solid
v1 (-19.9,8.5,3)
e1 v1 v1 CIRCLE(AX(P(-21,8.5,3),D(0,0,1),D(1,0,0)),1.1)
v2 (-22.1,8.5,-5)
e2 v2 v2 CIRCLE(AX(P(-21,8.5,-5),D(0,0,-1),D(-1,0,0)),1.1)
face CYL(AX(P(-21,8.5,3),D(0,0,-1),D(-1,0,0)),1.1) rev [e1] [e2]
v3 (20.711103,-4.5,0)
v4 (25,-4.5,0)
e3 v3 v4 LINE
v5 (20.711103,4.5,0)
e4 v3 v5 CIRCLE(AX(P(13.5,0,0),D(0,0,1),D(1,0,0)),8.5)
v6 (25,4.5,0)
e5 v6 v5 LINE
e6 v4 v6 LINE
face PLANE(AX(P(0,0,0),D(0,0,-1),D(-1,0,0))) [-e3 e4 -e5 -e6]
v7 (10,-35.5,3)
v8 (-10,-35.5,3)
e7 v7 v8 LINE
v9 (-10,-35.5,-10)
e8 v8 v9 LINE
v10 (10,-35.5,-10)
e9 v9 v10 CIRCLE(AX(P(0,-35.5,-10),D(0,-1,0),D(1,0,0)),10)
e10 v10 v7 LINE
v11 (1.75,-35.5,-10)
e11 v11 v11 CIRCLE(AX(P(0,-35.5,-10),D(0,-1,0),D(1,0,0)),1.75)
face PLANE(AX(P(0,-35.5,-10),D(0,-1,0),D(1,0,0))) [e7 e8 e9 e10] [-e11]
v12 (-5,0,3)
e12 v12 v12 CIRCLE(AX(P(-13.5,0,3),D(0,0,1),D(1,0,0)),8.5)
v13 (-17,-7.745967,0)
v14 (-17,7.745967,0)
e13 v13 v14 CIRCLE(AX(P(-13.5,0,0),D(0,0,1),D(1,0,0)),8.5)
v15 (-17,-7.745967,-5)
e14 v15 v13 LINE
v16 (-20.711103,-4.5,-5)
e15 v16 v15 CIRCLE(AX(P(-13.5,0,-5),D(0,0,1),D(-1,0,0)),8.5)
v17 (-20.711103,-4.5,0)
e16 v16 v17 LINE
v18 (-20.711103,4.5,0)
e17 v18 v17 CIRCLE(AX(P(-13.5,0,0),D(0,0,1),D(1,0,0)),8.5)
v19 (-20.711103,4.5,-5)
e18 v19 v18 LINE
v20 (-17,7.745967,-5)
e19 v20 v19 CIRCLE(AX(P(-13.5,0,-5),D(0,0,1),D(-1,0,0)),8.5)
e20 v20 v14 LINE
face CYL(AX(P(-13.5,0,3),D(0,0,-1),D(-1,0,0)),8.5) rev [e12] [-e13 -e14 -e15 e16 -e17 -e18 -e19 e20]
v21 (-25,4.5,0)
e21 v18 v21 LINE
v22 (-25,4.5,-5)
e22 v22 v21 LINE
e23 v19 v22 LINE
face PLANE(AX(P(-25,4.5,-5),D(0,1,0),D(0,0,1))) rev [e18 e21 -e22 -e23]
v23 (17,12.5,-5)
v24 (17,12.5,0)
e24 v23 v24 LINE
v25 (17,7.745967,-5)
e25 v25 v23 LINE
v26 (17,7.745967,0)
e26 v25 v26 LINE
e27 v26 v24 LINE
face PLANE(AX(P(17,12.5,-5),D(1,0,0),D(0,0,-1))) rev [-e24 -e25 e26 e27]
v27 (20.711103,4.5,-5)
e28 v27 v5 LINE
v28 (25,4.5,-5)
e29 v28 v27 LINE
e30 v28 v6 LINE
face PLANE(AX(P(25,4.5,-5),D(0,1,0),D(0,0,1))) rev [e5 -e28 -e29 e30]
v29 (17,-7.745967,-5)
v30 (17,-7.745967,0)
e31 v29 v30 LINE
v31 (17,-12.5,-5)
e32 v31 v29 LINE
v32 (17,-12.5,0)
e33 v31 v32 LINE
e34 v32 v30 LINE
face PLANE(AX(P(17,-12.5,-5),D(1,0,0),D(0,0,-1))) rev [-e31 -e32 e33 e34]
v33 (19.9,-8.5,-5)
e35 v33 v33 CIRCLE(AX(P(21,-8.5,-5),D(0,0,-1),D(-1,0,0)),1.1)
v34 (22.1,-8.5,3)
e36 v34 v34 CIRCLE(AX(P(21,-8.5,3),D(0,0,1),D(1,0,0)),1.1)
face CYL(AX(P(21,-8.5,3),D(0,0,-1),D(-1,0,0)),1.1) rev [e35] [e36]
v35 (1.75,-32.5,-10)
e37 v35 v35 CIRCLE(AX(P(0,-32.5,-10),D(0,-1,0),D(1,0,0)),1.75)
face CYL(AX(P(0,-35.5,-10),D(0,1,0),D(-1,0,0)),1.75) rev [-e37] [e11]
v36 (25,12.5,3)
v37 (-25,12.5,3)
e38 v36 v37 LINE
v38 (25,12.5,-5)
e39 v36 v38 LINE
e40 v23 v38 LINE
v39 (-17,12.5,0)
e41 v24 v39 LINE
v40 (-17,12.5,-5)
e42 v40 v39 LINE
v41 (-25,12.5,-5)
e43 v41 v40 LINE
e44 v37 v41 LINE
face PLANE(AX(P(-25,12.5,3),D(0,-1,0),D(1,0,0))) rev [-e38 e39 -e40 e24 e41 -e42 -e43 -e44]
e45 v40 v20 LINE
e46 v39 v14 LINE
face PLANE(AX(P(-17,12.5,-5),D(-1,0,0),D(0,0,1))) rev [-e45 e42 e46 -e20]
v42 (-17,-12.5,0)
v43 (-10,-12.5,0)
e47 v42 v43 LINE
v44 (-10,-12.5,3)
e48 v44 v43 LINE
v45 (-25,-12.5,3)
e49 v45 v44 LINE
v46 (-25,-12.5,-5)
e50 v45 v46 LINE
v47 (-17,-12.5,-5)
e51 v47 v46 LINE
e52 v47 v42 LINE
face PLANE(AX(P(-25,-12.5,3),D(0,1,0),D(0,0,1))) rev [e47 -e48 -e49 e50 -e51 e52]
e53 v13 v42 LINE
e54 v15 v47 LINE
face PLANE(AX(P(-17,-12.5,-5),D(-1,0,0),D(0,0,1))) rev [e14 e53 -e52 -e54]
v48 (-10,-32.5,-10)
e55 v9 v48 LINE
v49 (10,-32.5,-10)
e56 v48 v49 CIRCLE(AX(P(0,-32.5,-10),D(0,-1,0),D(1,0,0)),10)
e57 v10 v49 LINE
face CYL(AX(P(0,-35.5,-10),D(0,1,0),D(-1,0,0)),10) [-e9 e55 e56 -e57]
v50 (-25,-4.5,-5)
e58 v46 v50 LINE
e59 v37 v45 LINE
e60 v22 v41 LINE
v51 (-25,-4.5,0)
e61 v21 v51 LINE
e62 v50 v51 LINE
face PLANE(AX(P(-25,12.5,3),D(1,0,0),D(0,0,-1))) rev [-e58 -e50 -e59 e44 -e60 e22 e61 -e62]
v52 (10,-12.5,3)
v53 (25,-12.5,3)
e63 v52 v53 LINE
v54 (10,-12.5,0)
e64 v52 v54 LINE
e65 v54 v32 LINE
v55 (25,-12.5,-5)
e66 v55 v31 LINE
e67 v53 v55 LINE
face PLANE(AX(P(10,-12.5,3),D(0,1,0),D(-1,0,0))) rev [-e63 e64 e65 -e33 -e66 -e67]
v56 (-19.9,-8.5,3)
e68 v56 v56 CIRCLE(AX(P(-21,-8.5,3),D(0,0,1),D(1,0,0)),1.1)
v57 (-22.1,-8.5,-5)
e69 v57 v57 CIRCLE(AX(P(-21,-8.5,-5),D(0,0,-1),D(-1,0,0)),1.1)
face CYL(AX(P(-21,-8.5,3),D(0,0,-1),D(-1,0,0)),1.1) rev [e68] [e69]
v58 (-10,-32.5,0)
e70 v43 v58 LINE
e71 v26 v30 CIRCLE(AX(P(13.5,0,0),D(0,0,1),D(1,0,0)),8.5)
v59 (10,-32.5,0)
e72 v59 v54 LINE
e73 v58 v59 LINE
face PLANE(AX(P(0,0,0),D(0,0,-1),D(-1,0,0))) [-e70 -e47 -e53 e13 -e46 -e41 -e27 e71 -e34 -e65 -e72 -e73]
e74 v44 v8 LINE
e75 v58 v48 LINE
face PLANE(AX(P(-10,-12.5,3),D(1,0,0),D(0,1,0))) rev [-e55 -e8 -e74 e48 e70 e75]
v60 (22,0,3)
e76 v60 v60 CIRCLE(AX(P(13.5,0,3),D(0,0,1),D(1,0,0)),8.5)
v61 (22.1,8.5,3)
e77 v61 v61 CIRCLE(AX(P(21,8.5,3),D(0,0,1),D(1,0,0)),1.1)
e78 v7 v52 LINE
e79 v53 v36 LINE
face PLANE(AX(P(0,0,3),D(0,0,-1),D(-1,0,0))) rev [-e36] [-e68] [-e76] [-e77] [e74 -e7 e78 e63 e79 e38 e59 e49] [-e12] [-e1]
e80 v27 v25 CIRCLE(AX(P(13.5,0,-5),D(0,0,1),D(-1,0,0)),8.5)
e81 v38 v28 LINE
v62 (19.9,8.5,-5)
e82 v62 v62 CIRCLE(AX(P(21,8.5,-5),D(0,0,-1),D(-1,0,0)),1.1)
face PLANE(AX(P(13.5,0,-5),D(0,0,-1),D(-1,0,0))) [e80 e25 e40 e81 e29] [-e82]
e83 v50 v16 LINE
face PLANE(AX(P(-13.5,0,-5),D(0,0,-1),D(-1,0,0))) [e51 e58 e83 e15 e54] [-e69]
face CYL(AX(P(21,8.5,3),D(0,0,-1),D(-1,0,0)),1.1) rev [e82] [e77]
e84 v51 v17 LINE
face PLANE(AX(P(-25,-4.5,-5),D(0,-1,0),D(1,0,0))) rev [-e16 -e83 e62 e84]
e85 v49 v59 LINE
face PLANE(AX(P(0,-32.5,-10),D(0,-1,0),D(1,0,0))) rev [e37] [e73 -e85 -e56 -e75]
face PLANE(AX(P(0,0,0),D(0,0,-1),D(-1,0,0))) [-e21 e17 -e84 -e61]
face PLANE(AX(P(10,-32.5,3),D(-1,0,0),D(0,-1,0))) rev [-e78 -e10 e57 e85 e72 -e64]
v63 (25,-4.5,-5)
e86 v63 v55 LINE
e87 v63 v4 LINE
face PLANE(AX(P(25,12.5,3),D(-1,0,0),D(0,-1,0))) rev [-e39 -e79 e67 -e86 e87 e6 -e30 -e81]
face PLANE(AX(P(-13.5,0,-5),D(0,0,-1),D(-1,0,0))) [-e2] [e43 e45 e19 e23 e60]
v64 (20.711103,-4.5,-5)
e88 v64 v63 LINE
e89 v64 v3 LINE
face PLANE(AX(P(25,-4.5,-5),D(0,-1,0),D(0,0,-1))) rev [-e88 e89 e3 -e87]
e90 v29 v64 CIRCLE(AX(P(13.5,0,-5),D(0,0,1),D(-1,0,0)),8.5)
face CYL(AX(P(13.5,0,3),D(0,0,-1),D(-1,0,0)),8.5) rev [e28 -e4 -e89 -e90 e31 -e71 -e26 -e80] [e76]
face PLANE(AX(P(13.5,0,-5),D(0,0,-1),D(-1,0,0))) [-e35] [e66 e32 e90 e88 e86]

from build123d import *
from build123d.topology import SkipClean

# Parameters (mm, degrees)
SKETCH_1_R      = 8.5
SKETCH_1_R_2    = 1.1
EXTRUDE_1_DEPTH = 3
SKETCH_2_R      = 1.75
EXTRUDE_2_DEPTH = 3
EXTRUDE_START   = 5
SKETCH_5_R      = 1.1
EXTRUDE_3_DEPTH = 5


with BuildPart() as part:
    # 草图1 → 凸台-拉伸1 (new body)
    with BuildSketch(Plane.XY):
        Polygon((-25, 12.5), (25, 12.5), (25, -12.5), (10, -12.5), (10, -32.5), (-10, -32.5), (-10, -12.5), (-25, -12.5), align=None)
        with Locations((-13.5, 0)):
            Circle(SKETCH_1_R, mode=Mode.SUBTRACT)
        with Locations((13.5, 0)):
            Circle(SKETCH_1_R, mode=Mode.SUBTRACT)
        with Locations((-21, 8.5)):
            Circle(SKETCH_1_R_2, mode=Mode.SUBTRACT)
        with Locations((21, 8.5)):
            Circle(SKETCH_1_R_2, mode=Mode.SUBTRACT)
        with Locations((21, -8.5)):
            Circle(SKETCH_1_R_2, mode=Mode.SUBTRACT)
        with Locations((-21, -8.5)):
            Circle(SKETCH_1_R_2, mode=Mode.SUBTRACT)
    extrude(amount=EXTRUDE_1_DEPTH)

    # 草图2 → 凸台-拉伸2 (add)
    with BuildSketch(Plane.XZ.offset(32.5)):
        with BuildLine():
            Line((-10, 3), (-10, -10))
            ThreePointArc((-10, -10), (0, -20), (10, -10))
            Line((10, -10), (10, 3))
            Line((10, 3), (-10, 3))
        make_face()
        with Locations((0, -10)):
            Circle(SKETCH_2_R, mode=Mode.SUBTRACT)
    extrude(amount=EXTRUDE_2_DEPTH)

    # 草图5 → 凸台-拉伸3 (add)
    # profile 1 of 4: a face of its own
    with SkipClean():  # the faces are left unmerged after this step: merging them gives an invalid solid
        with BuildSketch(Plane(origin=(0, 0, 0), x_dir=(-1, 0, 0), z_dir=(0, 0, -1)).offset(EXTRUDE_START)):
            with BuildLine():
                Line((-25, 12.5), (-17, 12.5))
                Line((-17, 12.5), (-17, 7.745966692))
                ThreePointArc((-17, 7.745966692), (-19.096070443, 6.397968083), (-20.711102551, 4.5))
                Line((-20.711102551, 4.5), (-25, 4.5))
                Line((-25, 4.5), (-25, 12.5))
            make_face()
            with Locations((-21, 8.5)):
                Circle(SKETCH_5_R, mode=Mode.SUBTRACT)
        # profile 2 of 4: a face of its own
        with BuildSketch(Plane(origin=(0, 0, 0), x_dir=(-1, 0, 0), z_dir=(0, 0, -1)).offset(EXTRUDE_START)):
            with BuildLine():
                Line((-25, -12.5), (-17, -12.5))
                Line((-17, -12.5), (-17, -7.745966692))
                ThreePointArc((-17, -7.745966692), (-19.096070443, -6.397968083), (-20.711102551, -4.5))
                Line((-20.711102551, -4.5), (-25, -4.5))
                Line((-25, -4.5), (-25, -12.5))
            make_face()
            with Locations((-21, -8.5)):
                Circle(SKETCH_5_R, mode=Mode.SUBTRACT)
        # profile 3 of 4: a face of its own
        with BuildSketch(Plane(origin=(0, 0, 0), x_dir=(-1, 0, 0), z_dir=(0, 0, -1)).offset(EXTRUDE_START)):
            with BuildLine():
                Line((25, 12.5), (17, 12.5))
                Line((17, 12.5), (17, 7.745966692))
                ThreePointArc((17, 7.745966692), (19.096070443, 6.397968083), (20.711102551, 4.5))
                Line((20.711102551, 4.5), (25, 4.5))
                Line((25, 4.5), (25, 12.5))
            make_face()
            with Locations((21, 8.5)):
                Circle(SKETCH_5_R, mode=Mode.SUBTRACT)
        # profile 4 of 4: a face of its own
        with BuildSketch(Plane(origin=(0, 0, 0), x_dir=(-1, 0, 0), z_dir=(0, 0, -1)).offset(EXTRUDE_START)):
            with BuildLine():
                Line((25, -12.5), (17, -12.5))
                Line((17, -12.5), (17, -7.745966692))
                ThreePointArc((17, -7.745966692), (19.096070443, -6.397968083), (20.711102551, -4.5))
                Line((20.711102551, -4.5), (25, -4.5))
                Line((25, -4.5), (25, -12.5))
            make_face()
            with Locations((21, -8.5)):
                Circle(SKETCH_5_R, mode=Mode.SUBTRACT)
        extrude(amount=-EXTRUDE_3_DEPTH)


solid = part.part
